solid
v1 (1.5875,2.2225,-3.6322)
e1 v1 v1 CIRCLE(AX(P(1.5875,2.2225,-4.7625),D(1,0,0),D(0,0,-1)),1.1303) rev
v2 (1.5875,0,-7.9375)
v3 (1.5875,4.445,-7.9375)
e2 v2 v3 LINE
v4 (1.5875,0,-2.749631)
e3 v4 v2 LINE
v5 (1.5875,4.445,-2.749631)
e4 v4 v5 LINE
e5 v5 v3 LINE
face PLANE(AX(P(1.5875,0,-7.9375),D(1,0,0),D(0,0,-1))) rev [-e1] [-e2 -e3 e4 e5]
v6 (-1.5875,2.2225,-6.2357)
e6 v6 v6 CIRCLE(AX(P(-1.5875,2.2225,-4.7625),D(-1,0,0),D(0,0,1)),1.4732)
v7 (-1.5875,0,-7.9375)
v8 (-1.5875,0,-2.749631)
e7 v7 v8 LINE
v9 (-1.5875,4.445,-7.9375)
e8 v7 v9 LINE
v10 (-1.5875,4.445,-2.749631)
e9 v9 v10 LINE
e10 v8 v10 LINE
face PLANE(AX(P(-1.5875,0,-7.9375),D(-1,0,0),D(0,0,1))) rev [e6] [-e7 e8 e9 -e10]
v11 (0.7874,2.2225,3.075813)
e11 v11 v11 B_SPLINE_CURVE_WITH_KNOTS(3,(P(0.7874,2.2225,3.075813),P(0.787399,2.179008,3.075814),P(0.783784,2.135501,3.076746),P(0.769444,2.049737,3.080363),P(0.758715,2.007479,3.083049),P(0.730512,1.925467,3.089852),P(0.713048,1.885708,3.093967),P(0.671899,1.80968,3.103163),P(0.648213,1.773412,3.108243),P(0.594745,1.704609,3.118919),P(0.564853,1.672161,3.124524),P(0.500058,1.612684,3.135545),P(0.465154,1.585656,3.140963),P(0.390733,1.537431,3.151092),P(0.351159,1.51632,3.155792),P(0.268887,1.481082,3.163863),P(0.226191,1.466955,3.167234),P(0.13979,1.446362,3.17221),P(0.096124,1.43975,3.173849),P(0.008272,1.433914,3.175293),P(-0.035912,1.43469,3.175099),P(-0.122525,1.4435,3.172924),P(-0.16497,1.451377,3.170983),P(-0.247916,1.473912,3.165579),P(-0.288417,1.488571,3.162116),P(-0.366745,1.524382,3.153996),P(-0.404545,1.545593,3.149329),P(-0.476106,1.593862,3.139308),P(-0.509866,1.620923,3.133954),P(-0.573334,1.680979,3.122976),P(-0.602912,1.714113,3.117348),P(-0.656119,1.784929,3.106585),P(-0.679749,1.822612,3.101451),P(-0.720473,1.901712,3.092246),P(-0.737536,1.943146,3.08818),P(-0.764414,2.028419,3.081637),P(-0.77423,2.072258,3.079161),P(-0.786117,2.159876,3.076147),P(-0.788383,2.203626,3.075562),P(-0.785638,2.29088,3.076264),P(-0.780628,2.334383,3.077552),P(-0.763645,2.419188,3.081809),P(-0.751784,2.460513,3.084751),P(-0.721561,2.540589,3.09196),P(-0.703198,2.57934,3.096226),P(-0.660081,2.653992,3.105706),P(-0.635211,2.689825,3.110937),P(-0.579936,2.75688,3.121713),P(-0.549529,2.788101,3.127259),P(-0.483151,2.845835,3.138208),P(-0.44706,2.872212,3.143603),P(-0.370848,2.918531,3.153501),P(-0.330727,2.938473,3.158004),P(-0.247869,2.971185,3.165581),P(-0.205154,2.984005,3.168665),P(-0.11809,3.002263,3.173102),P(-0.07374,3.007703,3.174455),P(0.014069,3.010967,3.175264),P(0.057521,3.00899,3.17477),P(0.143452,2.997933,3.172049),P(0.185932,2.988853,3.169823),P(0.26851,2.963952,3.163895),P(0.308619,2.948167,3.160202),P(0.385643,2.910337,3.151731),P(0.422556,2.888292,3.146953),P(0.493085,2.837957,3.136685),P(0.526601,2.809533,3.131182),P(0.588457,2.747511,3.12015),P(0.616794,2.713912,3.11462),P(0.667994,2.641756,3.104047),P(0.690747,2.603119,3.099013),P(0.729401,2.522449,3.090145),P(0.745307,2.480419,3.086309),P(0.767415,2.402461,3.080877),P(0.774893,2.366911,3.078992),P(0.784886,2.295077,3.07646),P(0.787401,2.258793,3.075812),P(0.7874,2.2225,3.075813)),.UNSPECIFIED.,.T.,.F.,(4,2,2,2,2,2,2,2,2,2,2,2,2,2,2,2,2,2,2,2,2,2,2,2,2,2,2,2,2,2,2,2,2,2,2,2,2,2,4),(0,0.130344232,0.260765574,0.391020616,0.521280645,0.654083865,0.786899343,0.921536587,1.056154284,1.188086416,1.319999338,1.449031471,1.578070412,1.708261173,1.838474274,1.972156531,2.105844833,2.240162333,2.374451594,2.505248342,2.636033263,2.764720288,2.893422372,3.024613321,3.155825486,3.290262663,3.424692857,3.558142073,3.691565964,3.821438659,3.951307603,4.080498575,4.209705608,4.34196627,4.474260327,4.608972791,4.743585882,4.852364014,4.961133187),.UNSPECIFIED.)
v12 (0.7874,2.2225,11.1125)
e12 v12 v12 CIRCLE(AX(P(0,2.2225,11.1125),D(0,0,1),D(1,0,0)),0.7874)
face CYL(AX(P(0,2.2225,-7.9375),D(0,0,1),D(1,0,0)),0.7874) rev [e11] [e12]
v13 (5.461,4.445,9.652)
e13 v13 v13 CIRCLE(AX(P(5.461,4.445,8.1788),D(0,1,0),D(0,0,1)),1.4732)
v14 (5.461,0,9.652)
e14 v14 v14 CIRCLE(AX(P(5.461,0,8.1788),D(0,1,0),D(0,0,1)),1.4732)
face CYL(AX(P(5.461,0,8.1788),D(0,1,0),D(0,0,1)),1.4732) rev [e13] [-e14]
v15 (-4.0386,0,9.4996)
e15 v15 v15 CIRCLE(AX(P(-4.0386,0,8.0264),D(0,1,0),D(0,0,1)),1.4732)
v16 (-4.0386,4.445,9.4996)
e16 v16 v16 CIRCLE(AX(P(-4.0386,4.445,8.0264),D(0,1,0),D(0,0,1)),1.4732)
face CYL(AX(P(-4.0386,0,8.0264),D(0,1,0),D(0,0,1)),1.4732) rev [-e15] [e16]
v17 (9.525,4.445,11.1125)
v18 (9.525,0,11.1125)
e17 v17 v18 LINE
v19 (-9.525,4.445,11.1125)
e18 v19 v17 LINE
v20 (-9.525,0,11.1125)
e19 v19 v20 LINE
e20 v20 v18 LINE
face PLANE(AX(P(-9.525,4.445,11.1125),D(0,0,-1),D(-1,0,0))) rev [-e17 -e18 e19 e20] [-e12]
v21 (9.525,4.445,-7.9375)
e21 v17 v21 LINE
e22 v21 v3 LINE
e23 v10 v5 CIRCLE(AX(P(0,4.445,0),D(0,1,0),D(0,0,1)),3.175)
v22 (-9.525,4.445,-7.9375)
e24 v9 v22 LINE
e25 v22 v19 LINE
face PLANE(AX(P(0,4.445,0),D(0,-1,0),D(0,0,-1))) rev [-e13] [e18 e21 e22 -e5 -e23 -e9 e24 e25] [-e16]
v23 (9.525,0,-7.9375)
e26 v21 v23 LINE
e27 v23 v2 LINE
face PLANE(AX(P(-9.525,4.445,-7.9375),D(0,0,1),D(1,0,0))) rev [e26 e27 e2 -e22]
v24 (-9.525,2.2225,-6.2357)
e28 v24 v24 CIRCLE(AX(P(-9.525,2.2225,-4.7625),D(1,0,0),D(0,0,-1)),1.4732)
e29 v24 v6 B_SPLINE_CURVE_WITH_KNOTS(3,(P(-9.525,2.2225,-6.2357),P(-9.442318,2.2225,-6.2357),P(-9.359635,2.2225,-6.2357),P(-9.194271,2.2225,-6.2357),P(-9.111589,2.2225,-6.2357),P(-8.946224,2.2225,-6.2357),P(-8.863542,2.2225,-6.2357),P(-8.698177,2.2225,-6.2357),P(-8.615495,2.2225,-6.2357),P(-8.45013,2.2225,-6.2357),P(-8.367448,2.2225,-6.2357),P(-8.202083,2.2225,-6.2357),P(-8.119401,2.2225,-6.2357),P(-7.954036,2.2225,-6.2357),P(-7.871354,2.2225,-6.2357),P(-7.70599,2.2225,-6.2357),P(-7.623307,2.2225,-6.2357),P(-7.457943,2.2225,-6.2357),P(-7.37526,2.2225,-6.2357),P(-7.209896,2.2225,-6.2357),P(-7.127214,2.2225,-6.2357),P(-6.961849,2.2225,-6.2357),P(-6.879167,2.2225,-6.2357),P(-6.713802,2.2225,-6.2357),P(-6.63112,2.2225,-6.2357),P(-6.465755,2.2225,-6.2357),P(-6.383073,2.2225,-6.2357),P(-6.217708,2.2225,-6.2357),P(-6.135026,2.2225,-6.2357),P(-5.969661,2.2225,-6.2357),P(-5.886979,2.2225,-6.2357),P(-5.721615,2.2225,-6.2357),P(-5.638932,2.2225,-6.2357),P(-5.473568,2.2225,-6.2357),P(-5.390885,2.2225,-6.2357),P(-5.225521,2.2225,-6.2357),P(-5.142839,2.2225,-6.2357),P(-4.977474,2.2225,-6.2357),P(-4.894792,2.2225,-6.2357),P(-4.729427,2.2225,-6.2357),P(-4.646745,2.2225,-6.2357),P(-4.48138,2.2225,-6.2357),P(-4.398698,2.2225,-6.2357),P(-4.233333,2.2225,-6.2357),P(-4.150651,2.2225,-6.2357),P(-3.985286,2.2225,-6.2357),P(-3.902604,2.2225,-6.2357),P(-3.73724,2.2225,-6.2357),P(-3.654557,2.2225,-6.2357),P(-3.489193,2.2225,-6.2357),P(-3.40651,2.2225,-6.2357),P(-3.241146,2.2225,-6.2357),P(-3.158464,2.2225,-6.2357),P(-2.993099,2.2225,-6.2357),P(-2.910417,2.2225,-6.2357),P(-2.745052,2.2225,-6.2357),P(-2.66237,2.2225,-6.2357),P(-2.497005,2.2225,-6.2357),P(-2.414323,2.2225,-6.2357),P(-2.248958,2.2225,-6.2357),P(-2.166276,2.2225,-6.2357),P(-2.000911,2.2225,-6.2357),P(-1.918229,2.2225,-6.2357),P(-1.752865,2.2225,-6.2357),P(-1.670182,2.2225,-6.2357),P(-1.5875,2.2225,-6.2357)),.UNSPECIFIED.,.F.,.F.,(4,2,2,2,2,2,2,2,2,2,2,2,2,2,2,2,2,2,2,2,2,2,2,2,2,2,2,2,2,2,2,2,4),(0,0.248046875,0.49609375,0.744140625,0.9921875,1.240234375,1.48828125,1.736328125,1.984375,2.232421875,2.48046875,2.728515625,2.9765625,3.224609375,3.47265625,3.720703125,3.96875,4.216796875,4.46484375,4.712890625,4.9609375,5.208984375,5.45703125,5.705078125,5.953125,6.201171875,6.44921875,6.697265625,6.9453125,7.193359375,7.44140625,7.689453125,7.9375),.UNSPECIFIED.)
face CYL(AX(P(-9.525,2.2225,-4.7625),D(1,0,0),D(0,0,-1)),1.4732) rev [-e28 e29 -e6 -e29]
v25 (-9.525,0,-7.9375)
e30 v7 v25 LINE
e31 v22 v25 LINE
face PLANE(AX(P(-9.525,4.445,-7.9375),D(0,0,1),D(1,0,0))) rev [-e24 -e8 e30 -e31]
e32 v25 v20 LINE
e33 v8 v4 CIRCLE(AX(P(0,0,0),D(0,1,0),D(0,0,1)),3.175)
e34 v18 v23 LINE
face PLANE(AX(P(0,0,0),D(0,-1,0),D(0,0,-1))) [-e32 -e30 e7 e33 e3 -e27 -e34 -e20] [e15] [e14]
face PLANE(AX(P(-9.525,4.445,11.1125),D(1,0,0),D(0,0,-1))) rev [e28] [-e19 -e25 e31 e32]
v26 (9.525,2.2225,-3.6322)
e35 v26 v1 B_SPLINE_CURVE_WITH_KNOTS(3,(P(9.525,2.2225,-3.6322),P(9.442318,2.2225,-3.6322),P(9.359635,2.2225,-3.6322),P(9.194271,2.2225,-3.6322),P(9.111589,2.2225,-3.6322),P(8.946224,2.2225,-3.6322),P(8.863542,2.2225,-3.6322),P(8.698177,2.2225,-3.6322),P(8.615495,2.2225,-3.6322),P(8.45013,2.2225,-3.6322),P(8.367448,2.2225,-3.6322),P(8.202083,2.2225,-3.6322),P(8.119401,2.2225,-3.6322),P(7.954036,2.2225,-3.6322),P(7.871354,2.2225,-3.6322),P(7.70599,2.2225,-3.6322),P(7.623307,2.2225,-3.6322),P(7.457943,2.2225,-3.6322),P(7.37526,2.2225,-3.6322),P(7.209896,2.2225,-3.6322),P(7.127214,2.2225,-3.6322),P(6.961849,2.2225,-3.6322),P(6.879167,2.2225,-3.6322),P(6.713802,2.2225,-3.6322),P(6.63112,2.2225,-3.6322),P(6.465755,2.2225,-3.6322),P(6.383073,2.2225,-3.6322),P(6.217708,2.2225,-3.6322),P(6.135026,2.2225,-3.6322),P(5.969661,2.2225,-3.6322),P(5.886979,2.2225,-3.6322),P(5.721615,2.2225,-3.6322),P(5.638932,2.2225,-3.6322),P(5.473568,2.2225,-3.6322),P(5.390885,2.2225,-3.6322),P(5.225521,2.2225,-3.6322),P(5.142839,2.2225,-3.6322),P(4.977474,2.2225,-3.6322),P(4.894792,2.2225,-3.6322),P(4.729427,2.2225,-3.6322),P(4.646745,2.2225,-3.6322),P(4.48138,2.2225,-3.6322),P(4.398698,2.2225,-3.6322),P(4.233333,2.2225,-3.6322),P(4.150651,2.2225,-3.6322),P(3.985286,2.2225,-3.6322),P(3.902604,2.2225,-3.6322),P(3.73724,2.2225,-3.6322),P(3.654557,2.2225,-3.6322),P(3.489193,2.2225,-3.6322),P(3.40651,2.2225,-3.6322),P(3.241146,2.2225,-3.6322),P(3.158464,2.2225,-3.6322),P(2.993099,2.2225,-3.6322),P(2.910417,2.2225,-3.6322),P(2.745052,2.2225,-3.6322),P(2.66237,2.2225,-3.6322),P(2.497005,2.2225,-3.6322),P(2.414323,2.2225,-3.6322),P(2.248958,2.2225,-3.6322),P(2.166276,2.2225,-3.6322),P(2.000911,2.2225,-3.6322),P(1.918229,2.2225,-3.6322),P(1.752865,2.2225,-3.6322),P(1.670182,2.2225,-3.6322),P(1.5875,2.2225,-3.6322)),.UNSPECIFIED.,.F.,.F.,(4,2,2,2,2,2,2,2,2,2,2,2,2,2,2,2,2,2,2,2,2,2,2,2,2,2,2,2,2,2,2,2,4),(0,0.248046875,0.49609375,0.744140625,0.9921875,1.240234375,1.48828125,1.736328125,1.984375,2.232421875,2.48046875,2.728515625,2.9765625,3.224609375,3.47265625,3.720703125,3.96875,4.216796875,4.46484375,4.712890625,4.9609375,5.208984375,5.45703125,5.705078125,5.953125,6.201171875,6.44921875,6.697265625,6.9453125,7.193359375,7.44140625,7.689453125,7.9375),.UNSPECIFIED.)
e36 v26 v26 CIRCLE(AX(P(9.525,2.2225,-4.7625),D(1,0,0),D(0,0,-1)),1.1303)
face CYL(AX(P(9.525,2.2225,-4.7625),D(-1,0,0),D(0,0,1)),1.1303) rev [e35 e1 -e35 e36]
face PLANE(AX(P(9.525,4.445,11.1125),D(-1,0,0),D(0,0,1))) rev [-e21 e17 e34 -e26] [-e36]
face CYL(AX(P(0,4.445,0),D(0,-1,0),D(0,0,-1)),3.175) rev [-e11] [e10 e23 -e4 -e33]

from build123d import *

# Parameters (mm, degrees)
SKETCH1_W           = 19.05
SKETCH1_H           = 19.05
SKETCH1_R           = 3.175
BOSS_EXTRUDE1_DEPTH = 4.445
SKETCH2_R           = 1.4732
SKETCH2_W           = 3.175
SKETCH2_H           = 5.187869343
CUT_EXTRUDE1_DEPTH  = 16.296120627
SKETCH4_R           = 0.7874
CUT_EXTRUDE3_DEPTH  = 22.757438958
SKETCH6_R           = 1.1303
CUT_EXTRUDE5_DEPTH  = 16.296120729
SKETCH7_R           = 1.4732
CUT_EXTRUDE6_DEPTH  = 16.296120729


with BuildPart() as part:
    # Sketch1 → Boss-Extrude1 (new body)
    with BuildSketch(Plane(origin=(0, 0, 0), x_dir=(1, 0, 0), z_dir=(0, 1, 0))):
        with Locations((0, -1.5875)):
            Rectangle(SKETCH1_W, SKETCH1_H)
        with Locations(Location((0, 0, 0), (0, 0, 270))):
            Circle(SKETCH1_R, mode=Mode.SUBTRACT)
    extrude(amount=BOSS_EXTRUDE1_DEPTH)

    # Sketch2 → Cut-Extrude1 (cut, through all)
    with BuildSketch(Plane(origin=(0, 4.445, 0), x_dir=(1, 0, 0), z_dir=(0, 1, 0))):
        with Locations(Location((5.461, -8.1788, 0), (0, 0, 270))):
            Circle(SKETCH2_R)
        with Locations(Location((-4.0386, -8.0264, 0), (0, 0, 270))):
            Circle(SKETCH2_R)
        with Locations((0, 5.343565329)):
            Rectangle(SKETCH2_W, SKETCH2_H)
    extrude(amount=-CUT_EXTRUDE1_DEPTH, mode=Mode.SUBTRACT)

    # Sketch4 → Cut-Extrude3 (cut, through all)
    with BuildSketch(Plane.XY.offset(11.1125)):
        with Locations((0, 2.2225)):
            Circle(SKETCH4_R)
    extrude(amount=-CUT_EXTRUDE3_DEPTH, mode=Mode.SUBTRACT)

    # Sketch6 → Cut-Extrude5 (cut, through all)
    with BuildSketch(Plane(origin=(0, 0, 0), x_dir=(0, 0, -1), z_dir=(1, 0, 0))):
        with Locations(Location((4.7625, 2.2225, 0), (0, 0, 180))):
            Circle(SKETCH6_R)
    extrude(amount=CUT_EXTRUDE5_DEPTH, mode=Mode.SUBTRACT)

    # Sketch7 → Cut-Extrude6 (cut, through all)
    with BuildSketch(Plane(origin=(0, 0, 0), x_dir=(0, 0, -1), z_dir=(1, 0, 0))):
        with Locations((4.7625, 2.2225)):
            Circle(SKETCH7_R)
    extrude(amount=-CUT_EXTRUDE6_DEPTH, mode=Mode.SUBTRACT)


solid = part.part
